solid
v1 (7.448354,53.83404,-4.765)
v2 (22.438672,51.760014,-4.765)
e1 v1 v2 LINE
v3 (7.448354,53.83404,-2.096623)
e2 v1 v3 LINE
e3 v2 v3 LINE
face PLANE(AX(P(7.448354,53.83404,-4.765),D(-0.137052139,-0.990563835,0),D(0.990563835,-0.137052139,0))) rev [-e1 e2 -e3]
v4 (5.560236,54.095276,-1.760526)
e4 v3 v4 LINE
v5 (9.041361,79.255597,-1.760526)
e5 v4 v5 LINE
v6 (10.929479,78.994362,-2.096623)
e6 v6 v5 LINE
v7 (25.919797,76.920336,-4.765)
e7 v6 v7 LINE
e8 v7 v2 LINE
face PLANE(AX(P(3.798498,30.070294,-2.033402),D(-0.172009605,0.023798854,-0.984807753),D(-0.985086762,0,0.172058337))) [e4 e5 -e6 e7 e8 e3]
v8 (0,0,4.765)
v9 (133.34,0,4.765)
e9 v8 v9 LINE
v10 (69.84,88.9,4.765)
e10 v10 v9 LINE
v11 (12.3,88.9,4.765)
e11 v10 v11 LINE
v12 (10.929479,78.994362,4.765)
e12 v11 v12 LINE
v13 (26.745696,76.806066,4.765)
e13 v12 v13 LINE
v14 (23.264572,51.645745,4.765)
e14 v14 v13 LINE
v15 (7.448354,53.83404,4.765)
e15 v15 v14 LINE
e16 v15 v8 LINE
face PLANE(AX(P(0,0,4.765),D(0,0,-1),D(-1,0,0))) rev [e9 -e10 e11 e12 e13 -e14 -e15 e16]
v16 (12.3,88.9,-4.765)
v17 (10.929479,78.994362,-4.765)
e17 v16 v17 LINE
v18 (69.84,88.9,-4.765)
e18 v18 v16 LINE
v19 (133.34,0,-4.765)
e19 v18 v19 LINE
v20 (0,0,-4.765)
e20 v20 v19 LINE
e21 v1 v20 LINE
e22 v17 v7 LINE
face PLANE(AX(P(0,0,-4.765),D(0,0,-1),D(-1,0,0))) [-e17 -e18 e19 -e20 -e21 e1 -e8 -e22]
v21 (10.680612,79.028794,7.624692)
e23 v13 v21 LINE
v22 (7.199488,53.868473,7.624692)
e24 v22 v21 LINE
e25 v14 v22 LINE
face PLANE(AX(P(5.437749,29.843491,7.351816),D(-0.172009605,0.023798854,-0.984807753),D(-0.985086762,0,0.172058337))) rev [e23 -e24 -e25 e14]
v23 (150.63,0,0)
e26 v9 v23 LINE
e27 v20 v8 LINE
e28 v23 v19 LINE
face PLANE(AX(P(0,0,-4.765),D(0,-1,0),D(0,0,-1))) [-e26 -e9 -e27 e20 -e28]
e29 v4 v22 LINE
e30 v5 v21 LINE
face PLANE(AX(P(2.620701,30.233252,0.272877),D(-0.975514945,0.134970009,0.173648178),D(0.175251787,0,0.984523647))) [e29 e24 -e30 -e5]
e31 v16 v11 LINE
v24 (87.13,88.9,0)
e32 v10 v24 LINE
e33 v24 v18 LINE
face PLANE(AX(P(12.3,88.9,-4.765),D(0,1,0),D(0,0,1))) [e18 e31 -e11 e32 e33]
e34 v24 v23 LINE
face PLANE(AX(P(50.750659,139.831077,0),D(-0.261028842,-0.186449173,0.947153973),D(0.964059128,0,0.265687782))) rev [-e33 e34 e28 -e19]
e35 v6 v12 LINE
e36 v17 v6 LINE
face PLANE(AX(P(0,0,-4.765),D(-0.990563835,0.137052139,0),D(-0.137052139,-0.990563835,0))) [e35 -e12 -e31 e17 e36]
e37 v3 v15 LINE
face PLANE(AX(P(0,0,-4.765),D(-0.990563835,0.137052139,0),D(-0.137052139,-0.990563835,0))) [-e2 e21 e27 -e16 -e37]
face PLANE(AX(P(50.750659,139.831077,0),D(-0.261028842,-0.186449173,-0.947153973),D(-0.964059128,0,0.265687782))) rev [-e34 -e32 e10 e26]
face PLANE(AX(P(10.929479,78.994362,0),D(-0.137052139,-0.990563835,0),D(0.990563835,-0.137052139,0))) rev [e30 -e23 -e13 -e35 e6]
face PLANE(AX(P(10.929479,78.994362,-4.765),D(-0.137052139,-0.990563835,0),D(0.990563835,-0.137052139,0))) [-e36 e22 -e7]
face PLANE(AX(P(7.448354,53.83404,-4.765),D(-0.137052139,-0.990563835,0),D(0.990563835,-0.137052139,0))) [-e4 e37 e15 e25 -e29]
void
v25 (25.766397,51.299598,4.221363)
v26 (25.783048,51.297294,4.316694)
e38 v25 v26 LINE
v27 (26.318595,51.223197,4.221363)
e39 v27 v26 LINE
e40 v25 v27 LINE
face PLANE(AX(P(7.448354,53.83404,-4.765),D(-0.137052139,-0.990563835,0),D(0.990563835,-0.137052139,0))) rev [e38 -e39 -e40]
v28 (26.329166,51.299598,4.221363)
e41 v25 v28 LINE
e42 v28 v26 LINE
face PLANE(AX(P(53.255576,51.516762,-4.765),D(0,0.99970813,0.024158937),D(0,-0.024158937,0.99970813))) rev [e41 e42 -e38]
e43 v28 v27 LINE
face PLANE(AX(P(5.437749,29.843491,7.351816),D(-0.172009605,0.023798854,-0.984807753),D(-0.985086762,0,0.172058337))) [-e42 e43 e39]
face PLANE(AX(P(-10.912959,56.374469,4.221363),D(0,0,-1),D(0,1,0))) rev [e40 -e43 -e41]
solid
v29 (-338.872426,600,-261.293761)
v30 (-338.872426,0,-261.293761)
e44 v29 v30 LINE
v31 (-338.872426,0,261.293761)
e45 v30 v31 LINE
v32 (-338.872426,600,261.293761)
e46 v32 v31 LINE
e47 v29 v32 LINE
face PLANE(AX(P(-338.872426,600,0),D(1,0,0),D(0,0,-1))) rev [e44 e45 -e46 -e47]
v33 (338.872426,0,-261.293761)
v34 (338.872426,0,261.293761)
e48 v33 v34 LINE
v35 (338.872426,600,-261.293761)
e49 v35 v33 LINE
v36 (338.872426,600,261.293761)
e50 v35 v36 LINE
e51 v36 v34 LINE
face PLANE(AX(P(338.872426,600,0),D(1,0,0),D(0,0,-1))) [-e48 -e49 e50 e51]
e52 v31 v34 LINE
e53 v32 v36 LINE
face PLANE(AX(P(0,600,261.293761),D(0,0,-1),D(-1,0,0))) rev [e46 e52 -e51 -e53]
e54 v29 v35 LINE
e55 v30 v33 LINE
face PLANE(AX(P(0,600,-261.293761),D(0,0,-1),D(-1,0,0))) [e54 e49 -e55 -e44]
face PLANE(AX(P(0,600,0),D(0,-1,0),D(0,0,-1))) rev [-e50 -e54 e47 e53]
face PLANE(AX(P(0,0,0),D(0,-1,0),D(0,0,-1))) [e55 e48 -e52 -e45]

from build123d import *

# Parameters (mm, degrees)
BOSS_EXTRUDE1_DEPTH      = 4.765
BOSS_EXTRUDE1_DEPTH_BACK = 4.765
CUT_EXTRUDE1_DEPTH       = 134.257142857
CUT_EXTRUDE2_DEPTH       = 176.166857025
BOSS_EXTRUDE2_DEPTH      = 25.4
BOSS_EXTRUDE3_REACH      = 168.247
BOSS_EXTRUDE4_REACH      = 162.602
CUT_EXTRUDE4_DEPTH       = 176.073535498
CUT_EXTRUDE4_DEPTH_BACK  = 176.073535498
SKETCH8_W                = 29.497845824
SKETCH8_H                = 11.821808138
BOSS_EXTRUDE5_REACH      = 162.602
SKETCH10_W               = 677.744852518
SKETCH10_H               = 522.587521888
BOSS_EXTRUDE6_DEPTH      = 600


with BuildPart() as part:
    # Sketch1 → Boss-Extrude1 (new, two sides: drawn at the far end of the back side and taken through both)
    with BuildSketch(Plane.XY.offset(-BOSS_EXTRUDE1_DEPTH_BACK)):
        Polygon((0, 0), (150.63, 0), (87.13, 88.9), (12.3, 88.9), align=None)
    extrude(amount=BOSS_EXTRUDE1_DEPTH + BOSS_EXTRUDE1_DEPTH_BACK)

    # Sketch2 → Cut-Extrude1 (cut, along a direction that is not the sketch's normal)
    with BuildSketch(Plane.XZ):
        Polygon((150.63, 0), (133.34, 4.765), (171.670273927, 17.698707495), (171.005533739, -7.644512157), (148.071997267, -23.348999089), (133.34, -4.765), align=None)
    extrude(amount=-CUT_EXTRUDE1_DEPTH, dir=(0.5812381937190965, -0.8137334712067349, 0), mode=Mode.SUBTRACT)

    # Sketch3 → Cut-Extrude2 (cut, through all)
    with BuildSketch(Plane.XY.offset(4.765)):
        Polygon((29.799719665, 76.3835184), (10.929478609, 78.99436165), (7.448354274, 53.834040242), (26.31859533, 51.223196991), align=None)
    extrude(amount=-CUT_EXTRUDE2_DEPTH, mode=Mode.SUBTRACT)

    # Sketch4 → Boss-Extrude2 (add)
    with BuildSketch(Plane(origin=(10.929478609, 78.99436165, 0), x_dir=(0.9905638349724135, -0.1370521391469141, 0), z_dir=(-0.1370521391469141, -0.9905638349724135, 0))):
        Polygon((-1.906104256, -1.760525647), (0, -2.096623256), (0, 4.765), (14.191997191, 4.765), (14.245516561, 5.068523432), (-0.251237123, 7.624692239), align=None)
        with BuildLine():
            Line((0, -2.096623256), (12.590649428, -4.316694454))
            Line((12.590649428, -4.316694454), (12.940515204, -2.332507041))
            ThreePointArc((12.940515204, -2.332507041), (12.103172864, 0.607768622), (13.895650785, 3.084336019))
            Line((13.895650785, 3.084336019), (14.191997191, 4.765))
            Line((14.191997191, 4.765), (0, 4.765))
            Line((0, 4.765), (0, -2.096623256))
        make_face()
        with BuildLine():
            ThreePointArc((13.895650785, 3.084336019), (12.103172864, 0.607768622), (12.940515204, -2.332507041))
            Line((12.940515204, -2.332507041), (13.895650785, 3.084336019))
        make_face()
        with BuildLine():
            ThreePointArc((12.940515204, -2.332507041), (14.942231378, -3.446827136), (17.204349215, -3.084336019))
            Line((17.204349215, -3.084336019), (18.159484796, 2.332507041))
            ThreePointArc((18.159484796, 2.332507041), (16.157768622, 3.446827136), (13.895650785, 3.084336019))
            Line((13.895650785, 3.084336019), (12.940515204, -2.332507041))
        make_face()
        with BuildLine():
            ThreePointArc((13.895650785, 3.084336019), (16.157768622, 3.446827136), (18.159484796, 2.332507041))
            Line((18.159484796, 2.332507041), (18.509350572, 4.316694454))
            Line((18.509350572, 4.316694454), (15.966883482, 4.765))
            Line((15.966883482, 4.765), (14.191997191, 4.765))
            Line((14.191997191, 4.765), (13.895650785, 3.084336019))
        make_face()
        Polygon((14.245516561, 5.068523432), (14.191997191, 4.765), (15.966883482, 4.765), align=None)
        with BuildLine():
            Line((12.590649428, -4.316694454), (15.133116518, -4.765))
            Line((15.133116518, -4.765), (16.908002809, -4.765))
            Line((16.908002809, -4.765), (17.204349215, -3.084336019))
            ThreePointArc((17.204349215, -3.084336019), (14.942231378, -3.446827136), (12.940515204, -2.332507041))
            Line((12.940515204, -2.332507041), (12.590649428, -4.316694454))
        make_face()
        Polygon((15.133116518, -4.765), (16.854483439, -5.068523432), (16.908002809, -4.765), align=None)
    extrude(amount=BOSS_EXTRUDE2_DEPTH)

    # Boss-Extrude3: up to this plane
    boss_extrude3_end = Plane(origin=(18.870241056, -2.610843251, -4.765), z_dir=(-0.9905638349724135, 0.13705213914691478, 0))
    # Sketch5 → Boss-Extrude3 (add, up to the surface)
    with BuildSketch(Plane(origin=(17.050602168, -2.35908219, -3.035121103), x_dir=(-0.1720096048057269, 0.02379885420821639, -0.9848077530122078), z_dir=(0.9755149445343381, -0.134970009198789, -0.17364817766693175)), mode=Mode.PRIVATE) as boss_extrude3_sk1:
        Polygon((1.756565067, 54.346866241), (2.064770837, 54.346866241), (2.064770837, 79.746866241), (1.756565067, 79.746866241), (-7.465229163, 79.746866241), (-7.465229163, 54.346866241), align=None)
    boss_extrude3_tool1 = split(extrude(boss_extrude3_sk1.sketch, amount=BOSS_EXTRUDE3_REACH, dir=(1, 0, 0), mode=Mode.PRIVATE), bisect_by=boss_extrude3_end, keep=Keep.BOTH, mode=Mode.PRIVATE)
    add(boss_extrude3_tool1.solids().sort_by_distance((26.703984, 63.990856, -0.375914))[0])

    # Boss-Extrude4: up to this face of the body (flat: up to its plane)
    boss_extrude4_end = Plane(part.part.faces().sort_by_distance((18.23182988, 65.163044194, 5.970693347))[0])
    # Sketch6 → Boss-Extrude4 (add, up to the picked face)
    with BuildSketch(Plane(origin=(18.870241056, -2.610843251, 0), x_dir=(0, 0, 1), z_dir=(-0.9905638349724135, 0.1370521391469148, 0)), mode=Mode.PRIVATE) as boss_extrude4_sk1:
        Polygon((4.765, 79.746866241), (4.316694454, 79.746866241), (4.316694454, 54.421669255), (-4.765, 54.643228057), (-4.765, 54.346866241), (4.765, 54.346866241), align=None)
    boss_extrude4_tool1 = split(extrude(boss_extrude4_sk1.sketch, amount=BOSS_EXTRUDE4_REACH, mode=Mode.PRIVATE), bisect_by=boss_extrude4_end, keep=Keep.BOTH, mode=Mode.PRIVATE)
    add(boss_extrude4_tool1.solids().sort_by(Axis((29.762539, 76.114789, 4.540847), (-0.9905638349724135, 0.1370521391469148, 0)))[0])

    # Sketch8 → Cut-Extrude4 (cut, two sides: drawn at the far end of the back side and taken through both)
    with BuildSketch(Plane(origin=(0, 88.9, 0), x_dir=(1, 0, 0), z_dir=(0, 1, 0)).offset(-CUT_EXTRUDE4_DEPTH_BACK)):
        with Locations((33.561006967, 10.675904069)):
            Rectangle(SKETCH8_W, SKETCH8_H)
    extrude(amount=CUT_EXTRUDE4_DEPTH + CUT_EXTRUDE4_DEPTH_BACK, mode=Mode.SUBTRACT)

    # Sketch9 → Boss-Extrude5 (add, up to next)
    with BuildSketch(Plane(origin=(18.870241056, -2.610843251, 0), x_dir=(0, 0, 1), z_dir=(-0.9905638349724135, 0.1370521391469148, 0)), mode=Mode.PRIVATE) as boss_extrude5_sk1:
        Polygon((4.221363373, 54.346866241), (4.221363373, 54.423994971), (-4.765, 54.643228057), (-4.765, 54.346866241), align=None)
    boss_extrude5_tool1 = extrude(boss_extrude5_sk1.sketch, amount=BOSS_EXTRUDE5_REACH, mode=Mode.PRIVATE) - part.part
    add(boss_extrude5_tool1.solids().sort_by_distance((26.332862, 51.326311, -1.150961))[0])


with BuildPart() as body_2:
    # Sketch10 → Boss-Extrude6 (new body)
    # profile 1 of 2: a face of its own
    with BuildSketch(Plane.XZ):
        Rectangle(SKETCH10_W, SKETCH10_H)
        Polygon((150.63, 0), (133.34, 4.765), (0, 4.765), (0, -4.765), (133.34, -4.765), align=None, mode=Mode.SUBTRACT)
    # profile 2 of 2: a face of its own
    with BuildSketch(Plane.XZ):
        Polygon((133.34, -4.765), (150.63, 0), (133.34, 4.765), (0, 4.765), (0, -4.765), align=None)
    extrude(amount=-BOSS_EXTRUDE6_DEPTH)


solid = Compound([part.part, body_2.part])
